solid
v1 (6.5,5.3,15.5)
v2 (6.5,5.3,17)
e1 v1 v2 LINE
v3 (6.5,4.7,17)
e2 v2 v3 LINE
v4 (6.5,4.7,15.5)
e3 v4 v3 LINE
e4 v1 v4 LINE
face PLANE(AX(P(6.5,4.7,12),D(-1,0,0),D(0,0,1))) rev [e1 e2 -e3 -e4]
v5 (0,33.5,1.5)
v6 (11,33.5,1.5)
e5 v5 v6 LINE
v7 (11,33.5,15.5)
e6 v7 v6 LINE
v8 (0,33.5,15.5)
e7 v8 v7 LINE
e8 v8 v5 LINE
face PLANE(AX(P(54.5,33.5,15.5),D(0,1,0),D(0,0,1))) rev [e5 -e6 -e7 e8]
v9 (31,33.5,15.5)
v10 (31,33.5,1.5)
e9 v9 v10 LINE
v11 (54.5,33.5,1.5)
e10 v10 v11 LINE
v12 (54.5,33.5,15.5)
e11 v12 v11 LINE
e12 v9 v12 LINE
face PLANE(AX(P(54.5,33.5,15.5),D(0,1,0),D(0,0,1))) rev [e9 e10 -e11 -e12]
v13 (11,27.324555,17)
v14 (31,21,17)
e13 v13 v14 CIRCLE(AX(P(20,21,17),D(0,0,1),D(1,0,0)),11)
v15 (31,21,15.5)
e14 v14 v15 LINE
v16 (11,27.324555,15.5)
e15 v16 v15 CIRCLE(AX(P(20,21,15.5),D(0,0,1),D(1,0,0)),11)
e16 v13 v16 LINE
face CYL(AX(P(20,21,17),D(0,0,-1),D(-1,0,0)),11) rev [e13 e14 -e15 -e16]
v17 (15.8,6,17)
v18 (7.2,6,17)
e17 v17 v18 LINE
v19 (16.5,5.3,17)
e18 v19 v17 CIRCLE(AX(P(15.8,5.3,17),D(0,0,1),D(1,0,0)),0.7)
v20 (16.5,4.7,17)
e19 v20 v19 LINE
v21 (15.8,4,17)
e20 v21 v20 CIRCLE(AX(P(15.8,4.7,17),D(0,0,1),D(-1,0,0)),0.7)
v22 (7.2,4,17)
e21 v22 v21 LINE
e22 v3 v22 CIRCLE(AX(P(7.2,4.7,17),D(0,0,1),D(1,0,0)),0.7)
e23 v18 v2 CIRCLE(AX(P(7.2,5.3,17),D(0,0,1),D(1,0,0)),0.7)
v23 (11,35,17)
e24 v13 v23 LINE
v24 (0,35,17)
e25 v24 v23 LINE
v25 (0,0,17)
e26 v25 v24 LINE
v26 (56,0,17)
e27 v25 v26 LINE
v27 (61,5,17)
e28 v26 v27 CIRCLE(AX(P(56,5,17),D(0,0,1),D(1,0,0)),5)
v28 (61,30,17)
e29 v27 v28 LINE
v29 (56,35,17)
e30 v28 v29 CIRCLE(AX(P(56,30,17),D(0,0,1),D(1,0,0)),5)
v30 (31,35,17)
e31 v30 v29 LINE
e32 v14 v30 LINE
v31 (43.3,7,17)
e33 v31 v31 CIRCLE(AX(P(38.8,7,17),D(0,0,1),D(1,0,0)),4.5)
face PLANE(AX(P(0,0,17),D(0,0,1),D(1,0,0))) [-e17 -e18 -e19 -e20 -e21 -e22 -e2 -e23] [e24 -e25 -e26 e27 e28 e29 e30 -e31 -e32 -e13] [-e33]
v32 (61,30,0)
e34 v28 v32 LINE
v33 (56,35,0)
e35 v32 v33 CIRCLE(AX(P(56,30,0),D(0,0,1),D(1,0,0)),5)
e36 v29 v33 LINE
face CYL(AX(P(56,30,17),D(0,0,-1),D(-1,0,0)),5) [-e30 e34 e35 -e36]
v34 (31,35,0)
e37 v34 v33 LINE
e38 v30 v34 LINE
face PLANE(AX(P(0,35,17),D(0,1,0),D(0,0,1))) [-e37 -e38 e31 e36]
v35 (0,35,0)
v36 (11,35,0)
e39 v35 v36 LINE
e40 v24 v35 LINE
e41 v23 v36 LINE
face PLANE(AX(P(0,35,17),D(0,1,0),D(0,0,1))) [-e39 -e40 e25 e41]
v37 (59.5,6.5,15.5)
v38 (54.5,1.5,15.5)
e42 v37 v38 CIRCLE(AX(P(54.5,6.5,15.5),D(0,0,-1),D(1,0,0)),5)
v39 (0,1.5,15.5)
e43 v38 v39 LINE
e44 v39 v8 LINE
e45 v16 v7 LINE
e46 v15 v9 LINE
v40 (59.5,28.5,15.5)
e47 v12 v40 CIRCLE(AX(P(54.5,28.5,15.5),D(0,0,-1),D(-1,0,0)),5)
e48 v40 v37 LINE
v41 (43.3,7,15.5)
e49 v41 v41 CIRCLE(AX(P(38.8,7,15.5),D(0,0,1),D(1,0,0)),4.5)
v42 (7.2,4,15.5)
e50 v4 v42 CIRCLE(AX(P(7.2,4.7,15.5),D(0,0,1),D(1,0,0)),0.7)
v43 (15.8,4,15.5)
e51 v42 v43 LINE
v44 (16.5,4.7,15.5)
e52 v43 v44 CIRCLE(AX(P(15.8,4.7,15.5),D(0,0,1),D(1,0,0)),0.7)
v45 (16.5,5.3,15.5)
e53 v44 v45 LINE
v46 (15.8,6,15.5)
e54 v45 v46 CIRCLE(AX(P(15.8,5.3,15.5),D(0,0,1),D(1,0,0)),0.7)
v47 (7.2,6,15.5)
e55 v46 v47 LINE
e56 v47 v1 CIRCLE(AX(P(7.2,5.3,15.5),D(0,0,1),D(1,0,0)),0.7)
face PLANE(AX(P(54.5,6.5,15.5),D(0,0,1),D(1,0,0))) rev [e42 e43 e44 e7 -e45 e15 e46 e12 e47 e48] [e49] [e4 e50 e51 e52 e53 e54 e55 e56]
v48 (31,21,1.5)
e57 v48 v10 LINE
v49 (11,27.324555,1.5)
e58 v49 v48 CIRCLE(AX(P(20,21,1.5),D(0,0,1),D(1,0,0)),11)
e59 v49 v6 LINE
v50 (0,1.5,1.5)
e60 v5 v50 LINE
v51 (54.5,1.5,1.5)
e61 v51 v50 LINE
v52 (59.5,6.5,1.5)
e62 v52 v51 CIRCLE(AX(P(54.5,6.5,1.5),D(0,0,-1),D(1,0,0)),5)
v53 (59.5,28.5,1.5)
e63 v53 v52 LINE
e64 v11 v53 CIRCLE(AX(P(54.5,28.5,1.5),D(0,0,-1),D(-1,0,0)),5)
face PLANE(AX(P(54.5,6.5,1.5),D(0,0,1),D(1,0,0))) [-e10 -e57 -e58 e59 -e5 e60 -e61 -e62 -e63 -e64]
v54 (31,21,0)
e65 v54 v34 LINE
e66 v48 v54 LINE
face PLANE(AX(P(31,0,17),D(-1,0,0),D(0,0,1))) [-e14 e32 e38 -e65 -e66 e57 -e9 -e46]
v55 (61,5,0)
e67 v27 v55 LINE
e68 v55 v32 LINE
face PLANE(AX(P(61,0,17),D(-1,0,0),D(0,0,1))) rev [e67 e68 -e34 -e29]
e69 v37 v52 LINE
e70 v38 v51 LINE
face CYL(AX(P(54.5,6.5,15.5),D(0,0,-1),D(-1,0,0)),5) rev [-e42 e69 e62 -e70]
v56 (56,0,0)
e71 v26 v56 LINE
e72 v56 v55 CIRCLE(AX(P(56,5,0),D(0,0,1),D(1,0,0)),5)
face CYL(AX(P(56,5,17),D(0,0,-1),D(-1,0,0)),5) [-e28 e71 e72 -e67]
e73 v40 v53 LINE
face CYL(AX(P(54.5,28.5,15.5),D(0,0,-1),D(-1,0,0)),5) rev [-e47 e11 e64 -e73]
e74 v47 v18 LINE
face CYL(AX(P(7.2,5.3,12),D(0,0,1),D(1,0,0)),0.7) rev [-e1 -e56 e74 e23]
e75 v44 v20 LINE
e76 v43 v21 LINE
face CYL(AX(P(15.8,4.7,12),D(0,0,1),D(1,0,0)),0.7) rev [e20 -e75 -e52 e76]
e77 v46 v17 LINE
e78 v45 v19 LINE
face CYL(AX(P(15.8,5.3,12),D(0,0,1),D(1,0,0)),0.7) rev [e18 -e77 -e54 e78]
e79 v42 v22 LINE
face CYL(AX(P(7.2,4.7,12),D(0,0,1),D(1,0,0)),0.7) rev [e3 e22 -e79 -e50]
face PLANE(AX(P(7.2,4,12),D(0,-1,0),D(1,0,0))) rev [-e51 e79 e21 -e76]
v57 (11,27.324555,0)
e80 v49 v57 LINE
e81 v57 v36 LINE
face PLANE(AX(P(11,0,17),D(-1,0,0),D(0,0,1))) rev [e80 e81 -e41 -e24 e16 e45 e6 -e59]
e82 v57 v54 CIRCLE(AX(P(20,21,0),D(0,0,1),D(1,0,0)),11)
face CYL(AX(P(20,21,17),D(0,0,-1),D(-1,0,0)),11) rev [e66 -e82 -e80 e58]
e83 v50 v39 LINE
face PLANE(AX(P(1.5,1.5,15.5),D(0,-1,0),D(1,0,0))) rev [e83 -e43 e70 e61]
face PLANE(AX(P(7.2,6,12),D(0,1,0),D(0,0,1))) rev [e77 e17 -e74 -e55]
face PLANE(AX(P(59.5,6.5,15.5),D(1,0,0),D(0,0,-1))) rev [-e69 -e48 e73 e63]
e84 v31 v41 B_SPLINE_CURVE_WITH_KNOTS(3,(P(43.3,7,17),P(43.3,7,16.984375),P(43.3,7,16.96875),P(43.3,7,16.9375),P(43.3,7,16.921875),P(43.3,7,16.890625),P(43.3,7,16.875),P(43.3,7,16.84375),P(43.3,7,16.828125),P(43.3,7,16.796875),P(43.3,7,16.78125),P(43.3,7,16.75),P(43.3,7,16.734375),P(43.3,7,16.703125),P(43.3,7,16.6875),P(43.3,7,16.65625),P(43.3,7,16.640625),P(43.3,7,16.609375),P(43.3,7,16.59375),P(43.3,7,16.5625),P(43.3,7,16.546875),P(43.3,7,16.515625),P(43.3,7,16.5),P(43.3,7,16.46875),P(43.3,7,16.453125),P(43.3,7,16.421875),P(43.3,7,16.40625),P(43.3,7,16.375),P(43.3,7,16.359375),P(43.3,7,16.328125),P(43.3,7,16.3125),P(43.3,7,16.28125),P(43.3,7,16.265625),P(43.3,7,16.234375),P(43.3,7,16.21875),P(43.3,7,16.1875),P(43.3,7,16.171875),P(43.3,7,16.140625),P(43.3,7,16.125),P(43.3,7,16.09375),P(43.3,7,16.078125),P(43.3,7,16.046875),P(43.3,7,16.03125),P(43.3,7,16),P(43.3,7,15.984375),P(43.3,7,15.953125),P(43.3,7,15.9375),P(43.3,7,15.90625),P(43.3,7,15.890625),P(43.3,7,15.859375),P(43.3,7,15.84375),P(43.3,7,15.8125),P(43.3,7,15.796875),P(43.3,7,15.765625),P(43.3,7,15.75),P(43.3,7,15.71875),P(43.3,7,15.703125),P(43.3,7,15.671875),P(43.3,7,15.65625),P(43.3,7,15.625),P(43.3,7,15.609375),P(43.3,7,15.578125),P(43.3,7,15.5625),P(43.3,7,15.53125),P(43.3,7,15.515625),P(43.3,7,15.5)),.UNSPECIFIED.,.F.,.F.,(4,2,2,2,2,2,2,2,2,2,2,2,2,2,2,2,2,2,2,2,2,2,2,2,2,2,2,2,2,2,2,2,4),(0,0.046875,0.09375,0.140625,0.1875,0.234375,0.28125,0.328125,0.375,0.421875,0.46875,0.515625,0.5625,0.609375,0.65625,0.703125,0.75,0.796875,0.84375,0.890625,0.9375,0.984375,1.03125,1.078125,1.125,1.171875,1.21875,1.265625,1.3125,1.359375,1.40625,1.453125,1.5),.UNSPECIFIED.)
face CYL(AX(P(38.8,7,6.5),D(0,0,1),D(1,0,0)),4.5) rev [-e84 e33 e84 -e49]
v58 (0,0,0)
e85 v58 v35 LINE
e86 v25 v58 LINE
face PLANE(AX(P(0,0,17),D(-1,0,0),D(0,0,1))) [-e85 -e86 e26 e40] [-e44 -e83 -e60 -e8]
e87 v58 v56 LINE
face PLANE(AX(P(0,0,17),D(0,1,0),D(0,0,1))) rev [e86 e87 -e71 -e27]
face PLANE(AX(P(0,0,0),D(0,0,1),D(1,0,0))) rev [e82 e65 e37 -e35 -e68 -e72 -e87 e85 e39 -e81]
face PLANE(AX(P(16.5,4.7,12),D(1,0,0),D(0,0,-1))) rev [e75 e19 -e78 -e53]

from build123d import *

# Parameters (mm, degrees)
BOSS_EXTRUDE2_DEPTH = 17
CUT_EXTRUDE1_DEPTH  = 14
CUT_EXTRUDE3_DEPTH  = 5
SKETCH9_W           = 14
SKETCH9_H           = 32
CUT_EXTRUDE4_DEPTH  = 11
SKETCH11_R          = 4.5
CUT_EXTRUDE5_DEPTH  = 10.5


with BuildPart() as part:
    # Sketch1 → Boss-Extrude2 (new body)
    with BuildSketch(Plane.XY):
        with BuildLine():
            Line((61, 5), (61, 30))
            ThreePointArc((61, 30), (59.535533906, 33.535533906), (56, 35))
            Line((56, 35), (31, 35))
            Line((31, 35), (31, 21))
            ThreePointArc((31, 21), (16.68337521, 10.511911518), (11, 27.32455532))
            Line((11, 27.32455532), (11, 35))
            Line((11, 35), (0, 35))
            Line((0, 35), (0, 0))
            Line((0, 0), (56, 0))
            ThreePointArc((56, 0), (59.535533906, 1.464466094), (61, 5))
        make_face()
    extrude(amount=BOSS_EXTRUDE2_DEPTH)

    # Sketch5 → Cut-Extrude1 (cut)
    with BuildSketch(Plane(origin=(0, 0, 1.5), x_dir=(-1, 0, 0), z_dir=(0, 0, -1))):
        with BuildLine():
            Line((-54.5, 33.5), (-1.5, 33.5))
            Line((-1.5, 33.5), (-1.5, 1.5))
            Line((-1.5, 1.5), (-54.5, 1.5))
            ThreePointArc((-54.5, 1.5), (-58.035533906, 2.964466094), (-59.5, 6.5))
            Line((-59.5, 6.5), (-59.5, 28.5))
            ThreePointArc((-59.5, 28.5), (-58.035533906, 32.035533906), (-54.5, 33.5))
        make_face()
    extrude(amount=-CUT_EXTRUDE1_DEPTH, mode=Mode.SUBTRACT)

    # Sketch10 → Cut-Extrude3 (cut)
    with BuildSketch(Plane.XY.offset(17)):
        with BuildLine():
            Line((7.2, 4), (15.8, 4))
            ThreePointArc((15.8, 4), (16.294974747, 4.205025253), (16.5, 4.7))
            Line((16.5, 4.7), (16.5, 5.3))
            ThreePointArc((16.5, 5.3), (16.294974747, 5.794974747), (15.8, 6))
            Line((15.8, 6), (7.2, 6))
            ThreePointArc((7.2, 6), (6.705025253, 5.794974747), (6.5, 5.3))
            Line((6.5, 5.3), (6.5, 4.7))
            ThreePointArc((6.5, 4.7), (6.705025253, 4.205025253), (7.2, 4))
        make_face()
    extrude(amount=-CUT_EXTRUDE3_DEPTH, mode=Mode.SUBTRACT)

    # Sketch9 → Cut-Extrude4 (cut)
    with BuildSketch(Plane.ZY):
        with Locations((8.5, 17.5)):
            Rectangle(SKETCH9_W, SKETCH9_H)
    extrude(amount=-CUT_EXTRUDE4_DEPTH, mode=Mode.SUBTRACT)

    # Sketch11 → Cut-Extrude5 (cut)
    with BuildSketch(Plane.XY.offset(17)):
        with Locations((38.8, 7)):
            Circle(SKETCH11_R)
    extrude(amount=-CUT_EXTRUDE5_DEPTH, mode=Mode.SUBTRACT)


solid = part.part
